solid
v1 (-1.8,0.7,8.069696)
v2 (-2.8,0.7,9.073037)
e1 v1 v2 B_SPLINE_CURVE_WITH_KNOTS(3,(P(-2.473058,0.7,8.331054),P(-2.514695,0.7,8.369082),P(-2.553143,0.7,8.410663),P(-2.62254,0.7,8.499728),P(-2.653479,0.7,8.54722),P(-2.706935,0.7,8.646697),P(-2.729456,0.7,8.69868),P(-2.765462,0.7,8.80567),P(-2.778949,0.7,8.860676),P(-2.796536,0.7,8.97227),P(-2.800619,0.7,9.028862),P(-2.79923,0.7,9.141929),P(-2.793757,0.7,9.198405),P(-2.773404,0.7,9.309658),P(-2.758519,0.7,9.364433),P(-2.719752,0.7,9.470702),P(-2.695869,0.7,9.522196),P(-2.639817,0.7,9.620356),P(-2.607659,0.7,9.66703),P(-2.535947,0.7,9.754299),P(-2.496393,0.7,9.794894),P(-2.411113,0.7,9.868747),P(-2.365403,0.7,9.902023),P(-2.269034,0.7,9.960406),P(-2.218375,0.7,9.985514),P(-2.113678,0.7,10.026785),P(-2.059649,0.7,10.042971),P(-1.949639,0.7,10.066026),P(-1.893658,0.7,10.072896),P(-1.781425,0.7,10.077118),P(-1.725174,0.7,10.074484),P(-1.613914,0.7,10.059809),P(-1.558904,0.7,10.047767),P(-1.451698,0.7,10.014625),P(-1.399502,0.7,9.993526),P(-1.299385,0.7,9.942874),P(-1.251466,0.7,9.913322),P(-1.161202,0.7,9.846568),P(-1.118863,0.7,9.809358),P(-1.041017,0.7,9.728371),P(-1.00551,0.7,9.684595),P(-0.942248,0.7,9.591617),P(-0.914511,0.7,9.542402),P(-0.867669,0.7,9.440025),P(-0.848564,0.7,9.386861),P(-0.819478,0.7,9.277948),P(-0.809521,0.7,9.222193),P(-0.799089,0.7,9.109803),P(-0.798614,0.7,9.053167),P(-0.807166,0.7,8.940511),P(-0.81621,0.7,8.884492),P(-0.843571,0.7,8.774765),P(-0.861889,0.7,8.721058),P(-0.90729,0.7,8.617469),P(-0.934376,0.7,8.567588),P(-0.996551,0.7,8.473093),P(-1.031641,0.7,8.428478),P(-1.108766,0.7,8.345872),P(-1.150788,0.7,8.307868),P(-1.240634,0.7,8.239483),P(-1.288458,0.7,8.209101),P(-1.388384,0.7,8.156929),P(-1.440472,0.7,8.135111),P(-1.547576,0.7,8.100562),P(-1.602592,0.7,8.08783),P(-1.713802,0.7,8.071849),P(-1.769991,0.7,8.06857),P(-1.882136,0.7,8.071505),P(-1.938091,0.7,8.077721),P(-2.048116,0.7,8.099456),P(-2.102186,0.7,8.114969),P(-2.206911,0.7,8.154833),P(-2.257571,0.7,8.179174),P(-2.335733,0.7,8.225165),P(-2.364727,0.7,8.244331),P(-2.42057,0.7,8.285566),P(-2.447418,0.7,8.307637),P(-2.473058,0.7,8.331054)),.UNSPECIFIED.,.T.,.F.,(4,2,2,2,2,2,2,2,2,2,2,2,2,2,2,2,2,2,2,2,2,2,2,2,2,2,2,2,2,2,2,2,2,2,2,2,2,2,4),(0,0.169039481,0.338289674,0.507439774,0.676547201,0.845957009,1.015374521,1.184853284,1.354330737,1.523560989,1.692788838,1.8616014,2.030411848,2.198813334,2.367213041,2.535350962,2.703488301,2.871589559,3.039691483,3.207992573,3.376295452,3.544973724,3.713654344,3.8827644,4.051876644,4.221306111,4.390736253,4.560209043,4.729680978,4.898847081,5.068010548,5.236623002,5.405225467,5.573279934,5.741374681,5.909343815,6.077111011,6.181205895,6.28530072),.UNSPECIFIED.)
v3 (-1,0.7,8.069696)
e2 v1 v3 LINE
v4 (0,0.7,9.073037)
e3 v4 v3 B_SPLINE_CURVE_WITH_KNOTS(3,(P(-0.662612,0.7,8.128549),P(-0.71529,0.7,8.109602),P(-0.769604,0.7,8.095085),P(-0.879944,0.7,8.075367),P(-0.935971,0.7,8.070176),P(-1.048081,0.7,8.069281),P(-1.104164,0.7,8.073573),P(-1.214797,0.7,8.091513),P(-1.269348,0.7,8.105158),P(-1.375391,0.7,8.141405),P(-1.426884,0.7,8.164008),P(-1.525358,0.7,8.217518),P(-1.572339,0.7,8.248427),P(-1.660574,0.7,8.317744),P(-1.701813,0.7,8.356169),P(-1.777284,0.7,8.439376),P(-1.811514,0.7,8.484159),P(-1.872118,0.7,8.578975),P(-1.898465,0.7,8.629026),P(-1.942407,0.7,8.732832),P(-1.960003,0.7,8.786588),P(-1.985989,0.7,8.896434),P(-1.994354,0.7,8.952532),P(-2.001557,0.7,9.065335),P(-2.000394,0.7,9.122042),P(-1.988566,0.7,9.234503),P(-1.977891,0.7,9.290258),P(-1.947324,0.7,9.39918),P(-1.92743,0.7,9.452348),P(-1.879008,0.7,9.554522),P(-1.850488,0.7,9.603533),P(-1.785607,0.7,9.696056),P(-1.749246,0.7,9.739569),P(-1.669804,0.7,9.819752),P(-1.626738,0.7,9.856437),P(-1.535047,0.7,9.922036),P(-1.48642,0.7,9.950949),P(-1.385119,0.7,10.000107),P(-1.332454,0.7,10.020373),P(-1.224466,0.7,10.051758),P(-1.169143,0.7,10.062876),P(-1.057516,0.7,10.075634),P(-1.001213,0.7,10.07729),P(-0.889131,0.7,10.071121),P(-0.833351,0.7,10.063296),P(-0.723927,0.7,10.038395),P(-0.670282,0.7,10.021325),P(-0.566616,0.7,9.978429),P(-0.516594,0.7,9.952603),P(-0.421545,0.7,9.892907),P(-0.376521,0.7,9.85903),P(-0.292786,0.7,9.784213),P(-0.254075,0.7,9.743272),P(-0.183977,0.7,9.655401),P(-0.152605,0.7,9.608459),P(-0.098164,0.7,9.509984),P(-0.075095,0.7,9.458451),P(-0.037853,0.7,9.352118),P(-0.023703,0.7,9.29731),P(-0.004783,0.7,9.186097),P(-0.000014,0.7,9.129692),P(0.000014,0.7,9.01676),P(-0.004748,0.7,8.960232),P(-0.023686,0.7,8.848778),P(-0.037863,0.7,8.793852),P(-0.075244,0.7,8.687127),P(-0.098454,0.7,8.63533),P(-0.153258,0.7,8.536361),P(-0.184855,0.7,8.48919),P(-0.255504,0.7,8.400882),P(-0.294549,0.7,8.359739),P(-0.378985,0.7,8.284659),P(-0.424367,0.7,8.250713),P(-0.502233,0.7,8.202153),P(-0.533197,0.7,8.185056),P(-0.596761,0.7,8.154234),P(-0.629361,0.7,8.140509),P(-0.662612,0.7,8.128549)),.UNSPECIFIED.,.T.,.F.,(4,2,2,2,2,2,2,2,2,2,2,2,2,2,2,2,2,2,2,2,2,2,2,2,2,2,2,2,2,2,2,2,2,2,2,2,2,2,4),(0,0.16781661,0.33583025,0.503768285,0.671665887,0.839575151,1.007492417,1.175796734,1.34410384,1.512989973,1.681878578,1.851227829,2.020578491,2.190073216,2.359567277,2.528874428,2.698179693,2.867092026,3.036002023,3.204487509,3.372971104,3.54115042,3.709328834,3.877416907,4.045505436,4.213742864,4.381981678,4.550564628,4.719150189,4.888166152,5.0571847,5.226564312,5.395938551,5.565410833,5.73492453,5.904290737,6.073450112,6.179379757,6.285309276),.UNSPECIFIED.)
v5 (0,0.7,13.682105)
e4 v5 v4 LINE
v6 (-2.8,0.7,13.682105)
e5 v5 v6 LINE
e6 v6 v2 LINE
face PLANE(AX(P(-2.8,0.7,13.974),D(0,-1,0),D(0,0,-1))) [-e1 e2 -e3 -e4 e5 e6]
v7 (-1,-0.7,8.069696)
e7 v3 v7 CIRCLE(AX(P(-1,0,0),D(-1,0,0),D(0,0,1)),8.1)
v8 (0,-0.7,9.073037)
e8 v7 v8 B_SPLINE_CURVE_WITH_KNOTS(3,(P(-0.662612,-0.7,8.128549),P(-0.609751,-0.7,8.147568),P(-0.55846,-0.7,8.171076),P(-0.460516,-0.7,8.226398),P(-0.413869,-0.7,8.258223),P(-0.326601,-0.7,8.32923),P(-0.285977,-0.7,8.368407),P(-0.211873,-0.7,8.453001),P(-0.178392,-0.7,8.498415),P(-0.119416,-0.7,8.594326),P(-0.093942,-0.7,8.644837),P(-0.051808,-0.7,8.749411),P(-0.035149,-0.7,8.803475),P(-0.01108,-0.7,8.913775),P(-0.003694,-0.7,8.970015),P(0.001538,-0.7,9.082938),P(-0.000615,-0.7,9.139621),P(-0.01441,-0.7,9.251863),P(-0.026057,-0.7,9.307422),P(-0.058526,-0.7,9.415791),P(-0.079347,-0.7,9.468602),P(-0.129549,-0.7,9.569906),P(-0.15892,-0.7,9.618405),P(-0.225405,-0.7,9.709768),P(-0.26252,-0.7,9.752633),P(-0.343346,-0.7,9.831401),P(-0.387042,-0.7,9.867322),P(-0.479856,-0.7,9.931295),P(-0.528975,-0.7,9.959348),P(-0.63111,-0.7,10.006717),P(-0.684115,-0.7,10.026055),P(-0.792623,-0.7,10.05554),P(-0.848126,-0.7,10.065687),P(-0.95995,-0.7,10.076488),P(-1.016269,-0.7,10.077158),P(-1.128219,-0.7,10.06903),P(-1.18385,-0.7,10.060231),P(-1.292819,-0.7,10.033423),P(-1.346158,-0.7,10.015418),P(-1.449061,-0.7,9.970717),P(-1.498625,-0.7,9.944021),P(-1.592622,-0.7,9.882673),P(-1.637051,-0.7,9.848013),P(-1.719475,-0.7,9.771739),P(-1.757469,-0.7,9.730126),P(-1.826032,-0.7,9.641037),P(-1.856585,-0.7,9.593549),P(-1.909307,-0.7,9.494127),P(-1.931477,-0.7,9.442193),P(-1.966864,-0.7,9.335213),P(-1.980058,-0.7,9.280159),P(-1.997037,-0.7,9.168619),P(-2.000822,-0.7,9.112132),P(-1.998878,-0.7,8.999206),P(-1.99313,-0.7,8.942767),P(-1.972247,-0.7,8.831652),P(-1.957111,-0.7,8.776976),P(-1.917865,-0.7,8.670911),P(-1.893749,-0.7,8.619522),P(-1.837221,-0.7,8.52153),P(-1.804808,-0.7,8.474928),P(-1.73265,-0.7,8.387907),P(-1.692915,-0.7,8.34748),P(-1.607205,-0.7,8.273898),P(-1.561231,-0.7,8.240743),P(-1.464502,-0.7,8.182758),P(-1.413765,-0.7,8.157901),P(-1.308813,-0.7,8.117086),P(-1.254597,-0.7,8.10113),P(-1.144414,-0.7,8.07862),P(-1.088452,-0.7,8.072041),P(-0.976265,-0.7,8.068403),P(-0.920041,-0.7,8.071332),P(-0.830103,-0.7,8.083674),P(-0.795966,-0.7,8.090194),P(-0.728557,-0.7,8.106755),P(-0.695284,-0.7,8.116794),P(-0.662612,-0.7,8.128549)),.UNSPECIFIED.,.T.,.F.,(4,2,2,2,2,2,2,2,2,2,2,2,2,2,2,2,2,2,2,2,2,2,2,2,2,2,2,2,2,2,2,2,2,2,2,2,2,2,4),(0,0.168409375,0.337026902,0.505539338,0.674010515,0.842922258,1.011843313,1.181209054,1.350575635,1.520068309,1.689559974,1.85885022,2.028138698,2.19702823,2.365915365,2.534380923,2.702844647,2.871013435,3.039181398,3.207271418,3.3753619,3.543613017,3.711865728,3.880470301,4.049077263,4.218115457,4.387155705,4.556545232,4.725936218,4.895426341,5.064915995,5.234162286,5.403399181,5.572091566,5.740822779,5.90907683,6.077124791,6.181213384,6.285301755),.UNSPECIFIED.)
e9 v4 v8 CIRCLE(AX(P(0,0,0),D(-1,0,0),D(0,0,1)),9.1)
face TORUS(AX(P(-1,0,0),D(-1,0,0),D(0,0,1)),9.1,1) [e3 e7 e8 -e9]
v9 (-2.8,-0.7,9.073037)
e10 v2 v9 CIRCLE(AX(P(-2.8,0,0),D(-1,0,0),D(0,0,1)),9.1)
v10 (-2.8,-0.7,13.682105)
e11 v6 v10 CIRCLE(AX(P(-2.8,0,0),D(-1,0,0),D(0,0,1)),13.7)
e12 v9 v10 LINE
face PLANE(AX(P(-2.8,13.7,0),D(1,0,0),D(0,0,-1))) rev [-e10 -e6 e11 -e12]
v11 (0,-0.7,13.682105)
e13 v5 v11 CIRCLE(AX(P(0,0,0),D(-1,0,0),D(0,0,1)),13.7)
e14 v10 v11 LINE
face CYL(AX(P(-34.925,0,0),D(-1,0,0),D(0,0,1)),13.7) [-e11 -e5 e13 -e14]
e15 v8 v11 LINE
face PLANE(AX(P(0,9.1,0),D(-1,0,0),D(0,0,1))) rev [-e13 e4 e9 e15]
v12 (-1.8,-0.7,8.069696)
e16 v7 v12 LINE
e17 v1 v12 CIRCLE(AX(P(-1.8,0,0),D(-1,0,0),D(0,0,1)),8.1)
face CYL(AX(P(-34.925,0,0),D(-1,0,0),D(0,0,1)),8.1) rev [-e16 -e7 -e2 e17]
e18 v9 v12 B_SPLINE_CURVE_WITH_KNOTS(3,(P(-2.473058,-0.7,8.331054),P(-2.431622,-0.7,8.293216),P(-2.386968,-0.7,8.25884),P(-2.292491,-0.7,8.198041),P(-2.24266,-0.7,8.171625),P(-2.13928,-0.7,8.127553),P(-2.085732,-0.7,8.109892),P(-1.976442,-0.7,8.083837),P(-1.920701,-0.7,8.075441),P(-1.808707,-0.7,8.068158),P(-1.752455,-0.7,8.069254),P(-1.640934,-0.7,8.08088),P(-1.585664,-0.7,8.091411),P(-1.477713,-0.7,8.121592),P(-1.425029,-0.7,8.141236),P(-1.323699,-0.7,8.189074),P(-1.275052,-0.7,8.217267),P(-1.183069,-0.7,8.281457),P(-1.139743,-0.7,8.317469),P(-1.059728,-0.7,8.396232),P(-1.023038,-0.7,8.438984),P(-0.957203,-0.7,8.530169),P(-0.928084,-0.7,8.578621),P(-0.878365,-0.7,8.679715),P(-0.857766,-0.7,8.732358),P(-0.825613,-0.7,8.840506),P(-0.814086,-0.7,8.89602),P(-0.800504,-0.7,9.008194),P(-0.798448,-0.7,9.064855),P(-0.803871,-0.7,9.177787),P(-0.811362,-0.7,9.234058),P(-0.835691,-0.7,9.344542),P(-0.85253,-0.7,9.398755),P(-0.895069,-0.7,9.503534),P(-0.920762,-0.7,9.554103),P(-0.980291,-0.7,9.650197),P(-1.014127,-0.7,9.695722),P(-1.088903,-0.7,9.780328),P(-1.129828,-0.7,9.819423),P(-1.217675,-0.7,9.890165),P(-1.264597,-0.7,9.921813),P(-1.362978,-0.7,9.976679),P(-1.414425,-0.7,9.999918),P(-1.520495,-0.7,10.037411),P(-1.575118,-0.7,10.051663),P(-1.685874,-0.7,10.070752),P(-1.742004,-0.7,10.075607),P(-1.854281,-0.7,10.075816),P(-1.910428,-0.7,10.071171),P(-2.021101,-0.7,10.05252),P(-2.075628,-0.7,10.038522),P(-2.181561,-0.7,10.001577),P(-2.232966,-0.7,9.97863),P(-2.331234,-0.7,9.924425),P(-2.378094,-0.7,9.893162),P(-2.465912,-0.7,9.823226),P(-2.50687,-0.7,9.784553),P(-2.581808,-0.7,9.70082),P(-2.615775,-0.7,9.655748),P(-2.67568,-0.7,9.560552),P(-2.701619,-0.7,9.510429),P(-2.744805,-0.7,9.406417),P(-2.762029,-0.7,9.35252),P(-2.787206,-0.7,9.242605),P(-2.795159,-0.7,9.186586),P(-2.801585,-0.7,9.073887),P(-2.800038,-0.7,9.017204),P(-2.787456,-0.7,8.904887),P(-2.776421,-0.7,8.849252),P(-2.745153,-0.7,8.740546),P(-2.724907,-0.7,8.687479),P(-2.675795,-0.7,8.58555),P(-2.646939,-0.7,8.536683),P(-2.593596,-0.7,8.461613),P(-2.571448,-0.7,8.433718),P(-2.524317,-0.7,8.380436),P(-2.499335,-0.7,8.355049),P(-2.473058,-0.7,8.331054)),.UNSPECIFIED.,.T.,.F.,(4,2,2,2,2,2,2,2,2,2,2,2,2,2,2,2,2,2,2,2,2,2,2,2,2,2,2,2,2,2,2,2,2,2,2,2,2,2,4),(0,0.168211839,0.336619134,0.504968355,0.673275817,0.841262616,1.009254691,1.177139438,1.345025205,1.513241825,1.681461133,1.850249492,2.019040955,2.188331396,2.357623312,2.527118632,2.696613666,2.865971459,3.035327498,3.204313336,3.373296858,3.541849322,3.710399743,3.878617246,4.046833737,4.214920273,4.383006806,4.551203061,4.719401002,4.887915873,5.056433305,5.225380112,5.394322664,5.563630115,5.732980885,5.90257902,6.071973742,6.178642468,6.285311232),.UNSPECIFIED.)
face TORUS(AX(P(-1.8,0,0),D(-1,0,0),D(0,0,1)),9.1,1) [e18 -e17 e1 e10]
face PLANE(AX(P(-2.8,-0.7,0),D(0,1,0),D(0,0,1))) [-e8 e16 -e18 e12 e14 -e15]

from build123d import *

# Parameters (mm, degrees)
SKETCH2_W = 1.4
SKETCH2_H = 13.974
GAP_DEPTH = 20.576005721


with BuildPart() as part:
    # Sketch1 → Base-Revolve (revolve)
    with BuildSketch(Plane.XY):
        with BuildLine():
            Line((0, 9.1), (0, 13.7))
            Line((0, 13.7), (-2.8, 13.7))
            Line((-2.8, 13.7), (-2.8, 9.1))
            ThreePointArc((-2.8, 9.1), (-2.507106781, 8.392893219), (-1.8, 8.1))
            Line((-1.8, 8.1), (-1, 8.1))
            ThreePointArc((-1, 8.1), (-0.292893219, 8.392893219), (0, 9.1))
        make_face()
    revolve(axis=Axis((-34.925, 0, 0), (1, 0, 0)))

    # Sketch2 → Gap (cut, through all)
    with BuildSketch(Plane(origin=(0, 0, 0), x_dir=(0, -1, 0), z_dir=(-1, 0, 0))):
        with Locations((0, 6.987)):
            Rectangle(SKETCH2_W, SKETCH2_H)
    extrude(amount=GAP_DEPTH, mode=Mode.SUBTRACT)


solid = part.part
